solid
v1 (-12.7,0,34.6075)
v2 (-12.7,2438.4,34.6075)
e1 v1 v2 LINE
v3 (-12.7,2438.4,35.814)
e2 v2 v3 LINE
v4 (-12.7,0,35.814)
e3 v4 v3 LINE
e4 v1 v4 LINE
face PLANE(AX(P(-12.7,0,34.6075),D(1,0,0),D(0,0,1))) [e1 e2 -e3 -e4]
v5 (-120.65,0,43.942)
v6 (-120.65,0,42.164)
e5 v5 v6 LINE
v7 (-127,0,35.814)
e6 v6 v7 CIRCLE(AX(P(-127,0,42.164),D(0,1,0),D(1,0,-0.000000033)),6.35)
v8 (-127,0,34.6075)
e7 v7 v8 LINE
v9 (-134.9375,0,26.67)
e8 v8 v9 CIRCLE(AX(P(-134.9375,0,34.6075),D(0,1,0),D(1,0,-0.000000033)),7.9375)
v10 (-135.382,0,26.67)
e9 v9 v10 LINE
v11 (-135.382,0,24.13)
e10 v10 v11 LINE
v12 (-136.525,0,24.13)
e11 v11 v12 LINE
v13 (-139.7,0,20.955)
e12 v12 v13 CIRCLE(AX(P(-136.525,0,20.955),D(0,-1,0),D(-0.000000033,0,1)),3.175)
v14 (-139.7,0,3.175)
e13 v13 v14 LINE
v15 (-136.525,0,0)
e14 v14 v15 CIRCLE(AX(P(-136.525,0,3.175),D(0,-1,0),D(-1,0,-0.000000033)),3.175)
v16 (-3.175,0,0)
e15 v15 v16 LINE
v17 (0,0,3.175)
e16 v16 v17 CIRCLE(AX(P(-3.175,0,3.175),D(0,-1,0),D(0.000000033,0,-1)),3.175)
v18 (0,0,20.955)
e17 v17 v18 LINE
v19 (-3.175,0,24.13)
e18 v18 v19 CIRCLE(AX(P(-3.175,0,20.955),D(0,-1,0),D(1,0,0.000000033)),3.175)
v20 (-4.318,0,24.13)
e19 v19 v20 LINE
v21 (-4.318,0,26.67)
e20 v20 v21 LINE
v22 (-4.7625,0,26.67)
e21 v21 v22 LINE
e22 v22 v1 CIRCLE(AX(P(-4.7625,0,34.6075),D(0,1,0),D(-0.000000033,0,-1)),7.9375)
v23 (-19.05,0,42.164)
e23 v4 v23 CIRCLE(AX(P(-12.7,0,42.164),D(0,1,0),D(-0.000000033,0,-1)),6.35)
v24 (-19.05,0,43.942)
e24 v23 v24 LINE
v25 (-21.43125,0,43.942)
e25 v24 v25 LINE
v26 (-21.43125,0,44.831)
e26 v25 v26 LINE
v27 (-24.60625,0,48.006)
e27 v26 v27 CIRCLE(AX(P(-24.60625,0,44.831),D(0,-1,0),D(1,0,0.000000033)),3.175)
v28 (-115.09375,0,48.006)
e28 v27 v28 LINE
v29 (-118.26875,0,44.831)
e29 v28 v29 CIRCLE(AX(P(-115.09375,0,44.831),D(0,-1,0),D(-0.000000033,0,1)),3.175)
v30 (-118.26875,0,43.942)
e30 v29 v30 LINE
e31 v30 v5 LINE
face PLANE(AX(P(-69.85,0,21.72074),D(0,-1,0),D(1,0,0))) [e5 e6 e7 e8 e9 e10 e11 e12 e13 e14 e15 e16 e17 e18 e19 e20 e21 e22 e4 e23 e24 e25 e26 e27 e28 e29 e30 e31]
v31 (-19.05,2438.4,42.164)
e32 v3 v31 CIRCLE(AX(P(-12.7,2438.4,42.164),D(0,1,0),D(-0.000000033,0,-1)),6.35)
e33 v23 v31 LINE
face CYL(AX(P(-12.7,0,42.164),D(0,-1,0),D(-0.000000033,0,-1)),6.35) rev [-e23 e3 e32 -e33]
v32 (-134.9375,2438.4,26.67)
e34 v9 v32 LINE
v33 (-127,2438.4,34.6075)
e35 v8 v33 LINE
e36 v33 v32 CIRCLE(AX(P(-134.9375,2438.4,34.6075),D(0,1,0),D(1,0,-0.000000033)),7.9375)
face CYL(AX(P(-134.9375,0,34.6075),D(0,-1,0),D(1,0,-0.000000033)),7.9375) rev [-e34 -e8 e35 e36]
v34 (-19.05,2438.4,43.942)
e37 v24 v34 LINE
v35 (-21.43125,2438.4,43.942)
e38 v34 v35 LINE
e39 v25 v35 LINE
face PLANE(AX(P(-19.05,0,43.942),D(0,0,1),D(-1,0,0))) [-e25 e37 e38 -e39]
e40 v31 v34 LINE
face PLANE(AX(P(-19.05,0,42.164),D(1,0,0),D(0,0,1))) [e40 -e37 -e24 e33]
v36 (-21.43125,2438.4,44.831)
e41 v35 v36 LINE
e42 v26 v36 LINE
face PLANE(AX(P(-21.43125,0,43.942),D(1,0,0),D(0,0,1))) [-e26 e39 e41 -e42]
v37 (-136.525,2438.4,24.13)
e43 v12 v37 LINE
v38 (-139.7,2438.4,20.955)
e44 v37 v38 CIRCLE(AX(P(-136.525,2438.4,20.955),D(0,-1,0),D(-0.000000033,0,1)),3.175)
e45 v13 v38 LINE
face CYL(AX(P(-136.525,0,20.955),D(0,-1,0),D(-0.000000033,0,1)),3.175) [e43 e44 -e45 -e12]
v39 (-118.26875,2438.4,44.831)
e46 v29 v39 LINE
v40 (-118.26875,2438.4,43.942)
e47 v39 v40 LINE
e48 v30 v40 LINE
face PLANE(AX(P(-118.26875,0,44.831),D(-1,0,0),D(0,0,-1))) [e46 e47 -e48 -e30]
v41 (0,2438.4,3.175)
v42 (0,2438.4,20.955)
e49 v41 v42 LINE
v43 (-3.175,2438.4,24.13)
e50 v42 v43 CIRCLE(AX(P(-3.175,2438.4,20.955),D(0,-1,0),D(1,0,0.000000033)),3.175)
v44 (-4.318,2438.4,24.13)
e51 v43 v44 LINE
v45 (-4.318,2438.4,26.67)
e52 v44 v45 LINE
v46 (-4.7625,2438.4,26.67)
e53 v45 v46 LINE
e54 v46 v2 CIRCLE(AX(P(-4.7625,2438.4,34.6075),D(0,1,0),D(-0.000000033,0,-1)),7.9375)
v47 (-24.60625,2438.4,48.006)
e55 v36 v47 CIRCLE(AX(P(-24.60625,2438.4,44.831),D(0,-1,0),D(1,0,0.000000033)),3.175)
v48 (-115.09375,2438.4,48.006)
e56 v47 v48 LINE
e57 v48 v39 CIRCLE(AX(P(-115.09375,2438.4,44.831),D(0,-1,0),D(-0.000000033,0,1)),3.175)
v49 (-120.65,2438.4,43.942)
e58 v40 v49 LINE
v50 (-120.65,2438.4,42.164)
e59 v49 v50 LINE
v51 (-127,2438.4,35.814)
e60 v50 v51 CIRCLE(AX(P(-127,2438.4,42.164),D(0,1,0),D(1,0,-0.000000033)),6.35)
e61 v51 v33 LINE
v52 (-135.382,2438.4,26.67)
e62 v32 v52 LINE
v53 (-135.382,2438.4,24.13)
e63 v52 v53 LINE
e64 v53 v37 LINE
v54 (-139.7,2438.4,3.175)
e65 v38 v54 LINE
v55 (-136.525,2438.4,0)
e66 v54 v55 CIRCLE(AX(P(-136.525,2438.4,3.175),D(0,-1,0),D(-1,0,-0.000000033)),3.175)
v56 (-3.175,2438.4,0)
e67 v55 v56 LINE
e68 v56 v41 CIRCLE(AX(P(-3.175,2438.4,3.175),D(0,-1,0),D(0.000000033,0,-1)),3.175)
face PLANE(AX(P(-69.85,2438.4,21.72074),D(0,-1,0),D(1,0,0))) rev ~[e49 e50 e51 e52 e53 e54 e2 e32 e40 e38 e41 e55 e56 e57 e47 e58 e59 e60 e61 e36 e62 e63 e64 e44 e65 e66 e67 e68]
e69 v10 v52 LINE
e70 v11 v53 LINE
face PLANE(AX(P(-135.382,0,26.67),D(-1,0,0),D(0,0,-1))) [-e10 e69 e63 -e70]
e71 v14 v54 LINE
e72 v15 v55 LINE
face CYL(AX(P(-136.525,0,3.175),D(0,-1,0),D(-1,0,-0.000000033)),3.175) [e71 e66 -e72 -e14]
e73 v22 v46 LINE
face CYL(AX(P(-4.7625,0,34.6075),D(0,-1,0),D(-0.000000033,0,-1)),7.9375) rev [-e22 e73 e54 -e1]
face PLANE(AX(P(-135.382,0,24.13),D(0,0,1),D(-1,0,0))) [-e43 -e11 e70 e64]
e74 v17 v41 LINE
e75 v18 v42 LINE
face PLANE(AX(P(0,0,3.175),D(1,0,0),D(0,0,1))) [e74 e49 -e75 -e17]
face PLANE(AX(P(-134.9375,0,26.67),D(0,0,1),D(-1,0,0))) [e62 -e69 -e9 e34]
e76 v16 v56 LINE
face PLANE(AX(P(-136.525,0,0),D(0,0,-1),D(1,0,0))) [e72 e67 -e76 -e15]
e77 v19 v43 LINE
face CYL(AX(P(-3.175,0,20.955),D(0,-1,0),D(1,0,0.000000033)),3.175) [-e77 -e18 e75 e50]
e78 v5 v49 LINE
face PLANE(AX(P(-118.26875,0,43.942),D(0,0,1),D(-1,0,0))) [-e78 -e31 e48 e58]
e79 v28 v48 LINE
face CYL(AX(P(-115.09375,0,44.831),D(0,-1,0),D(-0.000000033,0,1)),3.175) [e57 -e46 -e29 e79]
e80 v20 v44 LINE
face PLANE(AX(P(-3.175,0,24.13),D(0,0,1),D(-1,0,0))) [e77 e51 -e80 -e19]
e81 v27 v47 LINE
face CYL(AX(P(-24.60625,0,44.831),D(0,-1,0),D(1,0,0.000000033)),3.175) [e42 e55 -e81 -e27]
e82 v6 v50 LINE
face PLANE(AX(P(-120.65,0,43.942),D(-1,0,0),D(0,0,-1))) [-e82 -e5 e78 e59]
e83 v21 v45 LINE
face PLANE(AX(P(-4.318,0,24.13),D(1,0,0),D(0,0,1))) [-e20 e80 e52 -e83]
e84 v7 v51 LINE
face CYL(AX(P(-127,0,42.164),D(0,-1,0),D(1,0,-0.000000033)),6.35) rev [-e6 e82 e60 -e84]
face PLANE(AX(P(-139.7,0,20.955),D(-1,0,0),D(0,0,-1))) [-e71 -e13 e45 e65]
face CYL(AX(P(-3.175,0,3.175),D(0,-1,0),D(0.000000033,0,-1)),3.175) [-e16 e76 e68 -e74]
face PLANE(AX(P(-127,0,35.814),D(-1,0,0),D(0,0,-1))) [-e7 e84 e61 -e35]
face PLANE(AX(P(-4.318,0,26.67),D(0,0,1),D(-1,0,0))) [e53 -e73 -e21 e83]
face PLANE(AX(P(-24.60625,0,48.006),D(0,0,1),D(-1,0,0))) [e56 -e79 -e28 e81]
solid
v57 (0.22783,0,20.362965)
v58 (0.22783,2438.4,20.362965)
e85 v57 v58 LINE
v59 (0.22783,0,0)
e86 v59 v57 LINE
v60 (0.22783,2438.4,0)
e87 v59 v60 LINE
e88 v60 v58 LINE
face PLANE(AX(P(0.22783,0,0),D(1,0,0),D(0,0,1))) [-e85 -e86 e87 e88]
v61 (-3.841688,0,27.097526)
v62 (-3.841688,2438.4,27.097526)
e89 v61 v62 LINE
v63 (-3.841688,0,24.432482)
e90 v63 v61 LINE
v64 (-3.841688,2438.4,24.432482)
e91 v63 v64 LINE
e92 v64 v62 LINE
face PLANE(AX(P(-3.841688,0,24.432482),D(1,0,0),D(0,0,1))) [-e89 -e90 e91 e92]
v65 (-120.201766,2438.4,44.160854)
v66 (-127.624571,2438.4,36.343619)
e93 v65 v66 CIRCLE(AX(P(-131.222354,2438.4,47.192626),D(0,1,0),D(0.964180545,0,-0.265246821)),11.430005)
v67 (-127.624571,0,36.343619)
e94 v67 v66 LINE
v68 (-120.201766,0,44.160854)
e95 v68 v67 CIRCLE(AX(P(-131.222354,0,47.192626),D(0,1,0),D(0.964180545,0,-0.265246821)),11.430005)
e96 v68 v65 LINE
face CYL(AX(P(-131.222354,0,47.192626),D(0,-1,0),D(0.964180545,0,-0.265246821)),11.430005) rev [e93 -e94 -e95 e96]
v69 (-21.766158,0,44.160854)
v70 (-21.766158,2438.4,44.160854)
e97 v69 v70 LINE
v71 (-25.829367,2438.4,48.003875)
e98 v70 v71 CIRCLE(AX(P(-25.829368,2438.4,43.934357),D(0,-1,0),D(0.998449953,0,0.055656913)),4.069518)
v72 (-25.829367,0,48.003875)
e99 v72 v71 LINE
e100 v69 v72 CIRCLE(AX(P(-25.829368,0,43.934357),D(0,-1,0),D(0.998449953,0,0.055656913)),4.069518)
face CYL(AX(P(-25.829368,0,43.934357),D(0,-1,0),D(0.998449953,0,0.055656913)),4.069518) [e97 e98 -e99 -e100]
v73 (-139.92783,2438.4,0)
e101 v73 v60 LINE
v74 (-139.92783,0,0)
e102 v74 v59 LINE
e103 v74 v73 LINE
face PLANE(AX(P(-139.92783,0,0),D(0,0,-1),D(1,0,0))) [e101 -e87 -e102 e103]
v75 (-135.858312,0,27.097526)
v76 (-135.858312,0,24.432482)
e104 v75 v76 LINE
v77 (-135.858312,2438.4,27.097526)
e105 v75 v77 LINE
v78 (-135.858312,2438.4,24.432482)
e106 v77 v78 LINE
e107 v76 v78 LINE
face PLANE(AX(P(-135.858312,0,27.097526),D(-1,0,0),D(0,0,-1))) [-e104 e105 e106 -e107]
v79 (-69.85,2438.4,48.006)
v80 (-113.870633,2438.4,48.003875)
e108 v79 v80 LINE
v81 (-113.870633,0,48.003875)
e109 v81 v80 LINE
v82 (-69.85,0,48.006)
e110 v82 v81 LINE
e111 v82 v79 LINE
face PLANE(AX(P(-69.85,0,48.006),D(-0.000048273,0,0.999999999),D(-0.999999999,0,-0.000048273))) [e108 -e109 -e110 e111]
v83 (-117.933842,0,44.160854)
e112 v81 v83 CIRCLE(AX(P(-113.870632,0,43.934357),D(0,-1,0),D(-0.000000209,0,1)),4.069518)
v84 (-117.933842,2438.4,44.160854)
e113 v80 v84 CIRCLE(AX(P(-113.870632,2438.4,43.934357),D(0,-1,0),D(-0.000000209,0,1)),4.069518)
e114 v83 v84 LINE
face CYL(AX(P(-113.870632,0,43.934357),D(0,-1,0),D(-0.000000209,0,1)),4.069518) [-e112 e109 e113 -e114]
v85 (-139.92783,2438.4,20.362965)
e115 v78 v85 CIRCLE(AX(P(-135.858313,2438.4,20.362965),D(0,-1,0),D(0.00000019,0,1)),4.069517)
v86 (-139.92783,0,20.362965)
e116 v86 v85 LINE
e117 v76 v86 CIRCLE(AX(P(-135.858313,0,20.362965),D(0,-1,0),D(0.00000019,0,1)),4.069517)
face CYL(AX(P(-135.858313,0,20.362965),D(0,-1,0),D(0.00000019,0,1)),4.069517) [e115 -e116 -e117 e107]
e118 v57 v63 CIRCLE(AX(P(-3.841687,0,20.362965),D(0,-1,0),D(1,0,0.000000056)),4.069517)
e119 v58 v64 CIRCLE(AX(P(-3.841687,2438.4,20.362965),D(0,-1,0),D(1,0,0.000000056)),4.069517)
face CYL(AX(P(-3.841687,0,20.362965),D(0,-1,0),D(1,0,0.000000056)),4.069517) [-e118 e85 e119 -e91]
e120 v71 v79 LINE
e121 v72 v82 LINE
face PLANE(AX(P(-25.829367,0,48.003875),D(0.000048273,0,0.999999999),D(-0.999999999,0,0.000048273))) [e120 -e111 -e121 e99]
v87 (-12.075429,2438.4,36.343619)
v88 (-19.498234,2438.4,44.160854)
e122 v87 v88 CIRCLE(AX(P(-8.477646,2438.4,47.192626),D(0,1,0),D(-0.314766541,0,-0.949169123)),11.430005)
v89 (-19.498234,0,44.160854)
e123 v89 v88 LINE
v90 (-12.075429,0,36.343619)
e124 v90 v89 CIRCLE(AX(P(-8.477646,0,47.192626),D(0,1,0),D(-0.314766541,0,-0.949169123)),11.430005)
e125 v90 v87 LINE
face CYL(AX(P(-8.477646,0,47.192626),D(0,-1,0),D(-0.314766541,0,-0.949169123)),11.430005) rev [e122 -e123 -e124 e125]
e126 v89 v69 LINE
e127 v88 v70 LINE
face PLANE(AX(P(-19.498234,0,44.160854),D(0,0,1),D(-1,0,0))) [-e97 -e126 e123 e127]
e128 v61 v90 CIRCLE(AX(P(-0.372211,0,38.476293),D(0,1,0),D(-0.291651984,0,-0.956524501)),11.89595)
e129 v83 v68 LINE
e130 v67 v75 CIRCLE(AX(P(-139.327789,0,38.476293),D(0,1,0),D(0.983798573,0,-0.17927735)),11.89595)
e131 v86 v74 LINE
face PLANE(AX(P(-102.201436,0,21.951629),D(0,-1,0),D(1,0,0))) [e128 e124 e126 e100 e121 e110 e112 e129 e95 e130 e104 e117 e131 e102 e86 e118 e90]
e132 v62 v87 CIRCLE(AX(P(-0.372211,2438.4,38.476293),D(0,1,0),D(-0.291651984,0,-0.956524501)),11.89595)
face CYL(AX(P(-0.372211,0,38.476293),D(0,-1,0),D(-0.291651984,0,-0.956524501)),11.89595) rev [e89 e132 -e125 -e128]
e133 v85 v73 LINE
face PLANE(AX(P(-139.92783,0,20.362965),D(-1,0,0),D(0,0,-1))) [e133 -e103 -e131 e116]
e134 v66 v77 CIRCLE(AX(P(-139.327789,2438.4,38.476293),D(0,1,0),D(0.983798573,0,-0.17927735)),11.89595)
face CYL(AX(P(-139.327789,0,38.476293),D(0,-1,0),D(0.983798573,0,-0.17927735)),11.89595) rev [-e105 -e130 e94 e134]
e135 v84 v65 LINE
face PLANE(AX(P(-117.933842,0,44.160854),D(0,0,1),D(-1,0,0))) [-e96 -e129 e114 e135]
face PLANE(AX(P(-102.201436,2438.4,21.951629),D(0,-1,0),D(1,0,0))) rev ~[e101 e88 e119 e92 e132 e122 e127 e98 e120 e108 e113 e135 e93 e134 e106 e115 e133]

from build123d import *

# Parameters (mm, degrees)
F1_DEPTH = 2438.4
F3_DEPTH = 2438.4


with BuildPart() as f1:
    # F0 (on Front) → F1 (new body)
    with BuildSketch(Plane.XZ):
        with BuildLine():
            Line((-136.525, 0), (-3.175, 0))
            ThreePointArc((-3.175, 0), (-0.929936, 0.929936), (0, 3.175))
            Line((0, 3.175), (0, 20.955))
            ThreePointArc((0, 20.955), (-0.929936, 23.200064), (-3.175, 24.13))
            Line((-3.175, 24.13), (-4.318, 24.13))
            Line((-4.318, 24.13), (-4.318, 26.67))
            Line((-4.318, 26.67), (-4.7625, 26.67))
            ThreePointArc((-4.7625, 26.67), (-10.37516, 28.99484), (-12.7, 34.6075))
            Line((-12.7, 34.6075), (-12.7, 35.814))
            ThreePointArc((-12.7, 35.814), (-17.190128, 37.673872), (-19.05, 42.164))
            Line((-19.05, 42.164), (-19.05, 43.942))
            Line((-19.05, 43.942), (-21.43125, 43.942))
            Line((-21.43125, 43.942), (-21.43125, 44.831))
            ThreePointArc((-21.43125, 44.831), (-22.361186, 47.076064), (-24.60625, 48.006))
            Line((-24.60625, 48.006), (-115.09375, 48.006))
            ThreePointArc((-115.09375, 48.006), (-117.338814, 47.076064), (-118.26875, 44.831))
            Line((-118.26875, 44.831), (-118.26875, 43.942))
            Line((-118.26875, 43.942), (-120.65, 43.942))
            Line((-120.65, 43.942), (-120.65, 42.164))
            ThreePointArc((-120.65, 42.164), (-122.509872, 37.673872), (-127, 35.814))
            Line((-127, 35.814), (-127, 34.6075))
            ThreePointArc((-127, 34.6075), (-129.32484, 28.99484), (-134.9375, 26.67))
            Line((-134.9375, 26.67), (-135.382, 26.67))
            Line((-135.382, 26.67), (-135.382, 24.13))
            Line((-135.382, 24.13), (-136.525, 24.13))
            ThreePointArc((-136.525, 24.13), (-138.770064, 23.200064), (-139.7, 20.955))
            Line((-139.7, 20.955), (-139.7, 3.175))
            ThreePointArc((-139.7, 3.175), (-138.770064, 0.929936), (-136.525, 0))
        make_face()
    extrude(amount=-F1_DEPTH)


with BuildPart() as f3:
    # F2 (on Front) → F3 (new body, through all)
    with BuildSketch(Plane.XZ):
        with BuildLine():
            Line((-135.858312, 27.097526), (-135.858312, 24.432482))
            ThreePointArc((-135.858312, 24.432482), (-138.735896, 23.240548), (-139.92783, 20.362965))
            Line((-139.92783, 20.362965), (-139.92783, 0))
            Line((-139.92783, 0), (-69.85, 0))
            Line((-69.85, 0), (-69.85, 48.006))
            Line((-69.85, 48.006), (-113.870633, 48.003875))
            ThreePointArc((-113.870633, 48.003875), (-116.666991, 46.890935), (-117.933842, 44.160854))
            Line((-117.933842, 44.160854), (-120.201766, 44.160854))
            ThreePointArc((-120.201766, 44.160854), (-122.933718, 39.322206), (-127.624571, 36.343619))
            ThreePointArc((-127.624571, 36.343619), (-130.443802, 30.565011), (-135.858312, 27.097526))
        make_face()
        with BuildLine():
            Line((-69.85, 48.006), (-69.85, 0))
            Line((-69.85, 0), (0.22783, 0))
            Line((0.22783, 0), (0.22783, 20.362965))
            ThreePointArc((0.22783, 20.362965), (-0.964104, 23.240548), (-3.841688, 24.432482))
            Line((-3.841688, 24.432482), (-3.841688, 27.097526))
            ThreePointArc((-3.841688, 27.097526), (-9.256198, 30.565011), (-12.075429, 36.343619))
            ThreePointArc((-12.075429, 36.343619), (-16.766282, 39.322206), (-19.498234, 44.160854))
            Line((-19.498234, 44.160854), (-21.766158, 44.160854))
            ThreePointArc((-21.766158, 44.160854), (-23.033009, 46.890935), (-25.829367, 48.003875))
            Line((-25.829367, 48.003875), (-69.85, 48.006))
        make_face()
    extrude(amount=-F3_DEPTH)


solid = Compound([f1.part, f3.part])
